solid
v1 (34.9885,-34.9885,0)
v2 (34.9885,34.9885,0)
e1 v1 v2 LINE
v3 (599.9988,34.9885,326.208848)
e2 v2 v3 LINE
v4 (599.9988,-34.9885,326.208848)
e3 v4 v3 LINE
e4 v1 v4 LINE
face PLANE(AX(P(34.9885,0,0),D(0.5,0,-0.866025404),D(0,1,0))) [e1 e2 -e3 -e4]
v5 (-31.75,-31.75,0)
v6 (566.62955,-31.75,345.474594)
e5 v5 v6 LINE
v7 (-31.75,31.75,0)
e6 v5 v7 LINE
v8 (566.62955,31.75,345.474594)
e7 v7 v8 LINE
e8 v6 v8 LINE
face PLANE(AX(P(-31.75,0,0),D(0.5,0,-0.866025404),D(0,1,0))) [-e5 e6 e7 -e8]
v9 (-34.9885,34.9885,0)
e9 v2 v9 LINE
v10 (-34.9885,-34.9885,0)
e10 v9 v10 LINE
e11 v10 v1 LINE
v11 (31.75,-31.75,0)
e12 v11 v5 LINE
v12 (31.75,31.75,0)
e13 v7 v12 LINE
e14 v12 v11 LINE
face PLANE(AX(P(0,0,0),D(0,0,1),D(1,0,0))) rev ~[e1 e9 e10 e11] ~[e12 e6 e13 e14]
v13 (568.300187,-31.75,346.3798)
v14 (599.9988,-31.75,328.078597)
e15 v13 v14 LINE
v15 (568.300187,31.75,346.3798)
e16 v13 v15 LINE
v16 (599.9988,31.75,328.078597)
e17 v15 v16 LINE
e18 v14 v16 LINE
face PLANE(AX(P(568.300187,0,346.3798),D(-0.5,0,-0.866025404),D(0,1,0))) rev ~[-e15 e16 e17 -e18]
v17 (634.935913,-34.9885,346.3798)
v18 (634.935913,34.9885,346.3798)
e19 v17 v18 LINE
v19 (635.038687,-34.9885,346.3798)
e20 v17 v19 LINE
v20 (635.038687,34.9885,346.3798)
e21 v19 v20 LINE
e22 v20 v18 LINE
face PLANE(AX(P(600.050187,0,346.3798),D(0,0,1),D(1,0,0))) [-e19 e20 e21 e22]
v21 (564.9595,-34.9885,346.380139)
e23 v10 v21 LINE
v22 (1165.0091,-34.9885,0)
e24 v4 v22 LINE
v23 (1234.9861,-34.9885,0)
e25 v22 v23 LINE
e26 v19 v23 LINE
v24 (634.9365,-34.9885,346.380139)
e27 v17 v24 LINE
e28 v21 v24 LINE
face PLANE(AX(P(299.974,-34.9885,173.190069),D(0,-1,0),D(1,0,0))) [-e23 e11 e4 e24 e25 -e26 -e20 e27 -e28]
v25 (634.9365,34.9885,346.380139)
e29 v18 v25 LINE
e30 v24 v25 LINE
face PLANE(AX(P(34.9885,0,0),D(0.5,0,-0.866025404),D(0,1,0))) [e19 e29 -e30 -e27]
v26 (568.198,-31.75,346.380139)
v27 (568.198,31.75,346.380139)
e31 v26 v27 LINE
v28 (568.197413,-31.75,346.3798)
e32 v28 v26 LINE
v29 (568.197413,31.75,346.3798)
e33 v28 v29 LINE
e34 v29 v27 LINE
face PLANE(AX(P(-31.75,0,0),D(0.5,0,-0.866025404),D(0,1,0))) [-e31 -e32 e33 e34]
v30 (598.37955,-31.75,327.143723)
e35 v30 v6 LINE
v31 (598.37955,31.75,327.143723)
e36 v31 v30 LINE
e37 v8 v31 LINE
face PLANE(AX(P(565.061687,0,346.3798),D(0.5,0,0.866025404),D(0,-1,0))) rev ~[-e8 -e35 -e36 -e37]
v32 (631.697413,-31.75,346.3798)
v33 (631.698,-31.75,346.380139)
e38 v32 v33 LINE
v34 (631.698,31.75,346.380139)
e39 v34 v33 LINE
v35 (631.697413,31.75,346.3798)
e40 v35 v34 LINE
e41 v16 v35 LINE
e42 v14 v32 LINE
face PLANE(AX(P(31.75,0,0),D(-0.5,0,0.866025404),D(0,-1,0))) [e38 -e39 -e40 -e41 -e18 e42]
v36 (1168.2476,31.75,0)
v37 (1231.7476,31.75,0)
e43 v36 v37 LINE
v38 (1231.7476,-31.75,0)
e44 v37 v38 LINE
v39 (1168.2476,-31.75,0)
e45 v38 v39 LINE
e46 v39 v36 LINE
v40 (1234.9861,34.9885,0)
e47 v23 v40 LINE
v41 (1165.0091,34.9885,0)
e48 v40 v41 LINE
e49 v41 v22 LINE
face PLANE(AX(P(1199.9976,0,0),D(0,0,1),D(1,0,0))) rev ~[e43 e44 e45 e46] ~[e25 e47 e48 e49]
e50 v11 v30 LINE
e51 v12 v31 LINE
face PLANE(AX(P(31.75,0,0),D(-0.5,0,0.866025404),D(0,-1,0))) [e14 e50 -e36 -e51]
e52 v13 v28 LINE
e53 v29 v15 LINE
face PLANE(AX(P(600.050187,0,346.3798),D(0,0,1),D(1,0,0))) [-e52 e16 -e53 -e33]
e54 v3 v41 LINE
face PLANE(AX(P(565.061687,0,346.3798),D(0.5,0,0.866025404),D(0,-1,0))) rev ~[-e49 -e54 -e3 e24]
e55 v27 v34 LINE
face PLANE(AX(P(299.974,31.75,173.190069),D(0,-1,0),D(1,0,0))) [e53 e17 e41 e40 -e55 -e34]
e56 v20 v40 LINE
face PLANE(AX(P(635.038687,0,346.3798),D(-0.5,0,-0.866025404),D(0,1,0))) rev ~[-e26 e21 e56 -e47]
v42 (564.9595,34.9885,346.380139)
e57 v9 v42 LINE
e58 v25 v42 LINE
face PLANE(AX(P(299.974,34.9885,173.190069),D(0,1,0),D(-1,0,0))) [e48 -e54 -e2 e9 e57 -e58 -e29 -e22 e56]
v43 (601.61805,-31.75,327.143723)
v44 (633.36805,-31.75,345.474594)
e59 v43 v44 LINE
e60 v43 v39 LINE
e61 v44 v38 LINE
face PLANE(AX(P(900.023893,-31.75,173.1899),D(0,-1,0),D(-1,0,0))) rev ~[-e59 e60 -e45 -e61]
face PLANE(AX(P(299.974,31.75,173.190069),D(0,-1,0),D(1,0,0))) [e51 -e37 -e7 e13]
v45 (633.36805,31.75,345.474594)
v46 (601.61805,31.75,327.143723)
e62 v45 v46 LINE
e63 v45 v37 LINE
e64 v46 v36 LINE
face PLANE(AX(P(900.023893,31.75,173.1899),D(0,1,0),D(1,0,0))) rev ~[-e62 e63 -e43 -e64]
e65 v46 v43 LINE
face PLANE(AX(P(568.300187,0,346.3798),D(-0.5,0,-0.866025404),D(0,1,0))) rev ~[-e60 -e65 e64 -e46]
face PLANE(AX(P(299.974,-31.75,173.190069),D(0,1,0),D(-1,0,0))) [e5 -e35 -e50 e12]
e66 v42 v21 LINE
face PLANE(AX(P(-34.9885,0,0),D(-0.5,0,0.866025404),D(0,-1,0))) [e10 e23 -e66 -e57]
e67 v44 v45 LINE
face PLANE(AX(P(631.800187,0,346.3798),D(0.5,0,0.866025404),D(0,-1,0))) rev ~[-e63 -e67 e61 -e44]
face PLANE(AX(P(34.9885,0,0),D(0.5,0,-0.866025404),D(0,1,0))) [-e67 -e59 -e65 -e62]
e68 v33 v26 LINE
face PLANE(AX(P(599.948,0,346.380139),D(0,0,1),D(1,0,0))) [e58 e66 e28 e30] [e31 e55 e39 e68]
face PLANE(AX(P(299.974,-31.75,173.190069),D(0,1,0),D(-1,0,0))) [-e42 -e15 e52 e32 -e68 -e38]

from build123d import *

# Parameters (mm, degrees)
F1_W   = 69.977
F1_H   = 69.977
F1_W_2 = 63.5
F1_H_2 = 63.5
F4_W   = 69.977
F4_H   = 69.977
F4_W_2 = 63.5
F4_H_2 = 63.5


with BuildPart() as f2:
    # F2: sweep along a path in F0
    with BuildLine(Plane.XZ) as f2_path:
        Line((599.947412, 346.3798), (1199.894825, 0))
    # F1 (on Top) → F2 (sweep)
    with BuildSketch(Plane.XY):
        with Locations((1199.9976, 0)):
            Rectangle(F1_W, F1_H)
        with Locations((1199.9976, 0)):
            Rectangle(F1_W_2, F1_H_2, mode=Mode.SUBTRACT)
    sweep(path=f2_path.line)

    # F5: sweep along a path in F3
    with BuildLine(Plane.XZ) as f5_path:
        Line((0, 0), (599.948, 346.380139))
    # F4 (on Top) → F5 (sweep)
    with BuildSketch(Plane.XY):
        Rectangle(F4_W, F4_H)
        Rectangle(F4_W_2, F4_H_2, mode=Mode.SUBTRACT)
    sweep(path=f5_path.line)


solid = f2.part
